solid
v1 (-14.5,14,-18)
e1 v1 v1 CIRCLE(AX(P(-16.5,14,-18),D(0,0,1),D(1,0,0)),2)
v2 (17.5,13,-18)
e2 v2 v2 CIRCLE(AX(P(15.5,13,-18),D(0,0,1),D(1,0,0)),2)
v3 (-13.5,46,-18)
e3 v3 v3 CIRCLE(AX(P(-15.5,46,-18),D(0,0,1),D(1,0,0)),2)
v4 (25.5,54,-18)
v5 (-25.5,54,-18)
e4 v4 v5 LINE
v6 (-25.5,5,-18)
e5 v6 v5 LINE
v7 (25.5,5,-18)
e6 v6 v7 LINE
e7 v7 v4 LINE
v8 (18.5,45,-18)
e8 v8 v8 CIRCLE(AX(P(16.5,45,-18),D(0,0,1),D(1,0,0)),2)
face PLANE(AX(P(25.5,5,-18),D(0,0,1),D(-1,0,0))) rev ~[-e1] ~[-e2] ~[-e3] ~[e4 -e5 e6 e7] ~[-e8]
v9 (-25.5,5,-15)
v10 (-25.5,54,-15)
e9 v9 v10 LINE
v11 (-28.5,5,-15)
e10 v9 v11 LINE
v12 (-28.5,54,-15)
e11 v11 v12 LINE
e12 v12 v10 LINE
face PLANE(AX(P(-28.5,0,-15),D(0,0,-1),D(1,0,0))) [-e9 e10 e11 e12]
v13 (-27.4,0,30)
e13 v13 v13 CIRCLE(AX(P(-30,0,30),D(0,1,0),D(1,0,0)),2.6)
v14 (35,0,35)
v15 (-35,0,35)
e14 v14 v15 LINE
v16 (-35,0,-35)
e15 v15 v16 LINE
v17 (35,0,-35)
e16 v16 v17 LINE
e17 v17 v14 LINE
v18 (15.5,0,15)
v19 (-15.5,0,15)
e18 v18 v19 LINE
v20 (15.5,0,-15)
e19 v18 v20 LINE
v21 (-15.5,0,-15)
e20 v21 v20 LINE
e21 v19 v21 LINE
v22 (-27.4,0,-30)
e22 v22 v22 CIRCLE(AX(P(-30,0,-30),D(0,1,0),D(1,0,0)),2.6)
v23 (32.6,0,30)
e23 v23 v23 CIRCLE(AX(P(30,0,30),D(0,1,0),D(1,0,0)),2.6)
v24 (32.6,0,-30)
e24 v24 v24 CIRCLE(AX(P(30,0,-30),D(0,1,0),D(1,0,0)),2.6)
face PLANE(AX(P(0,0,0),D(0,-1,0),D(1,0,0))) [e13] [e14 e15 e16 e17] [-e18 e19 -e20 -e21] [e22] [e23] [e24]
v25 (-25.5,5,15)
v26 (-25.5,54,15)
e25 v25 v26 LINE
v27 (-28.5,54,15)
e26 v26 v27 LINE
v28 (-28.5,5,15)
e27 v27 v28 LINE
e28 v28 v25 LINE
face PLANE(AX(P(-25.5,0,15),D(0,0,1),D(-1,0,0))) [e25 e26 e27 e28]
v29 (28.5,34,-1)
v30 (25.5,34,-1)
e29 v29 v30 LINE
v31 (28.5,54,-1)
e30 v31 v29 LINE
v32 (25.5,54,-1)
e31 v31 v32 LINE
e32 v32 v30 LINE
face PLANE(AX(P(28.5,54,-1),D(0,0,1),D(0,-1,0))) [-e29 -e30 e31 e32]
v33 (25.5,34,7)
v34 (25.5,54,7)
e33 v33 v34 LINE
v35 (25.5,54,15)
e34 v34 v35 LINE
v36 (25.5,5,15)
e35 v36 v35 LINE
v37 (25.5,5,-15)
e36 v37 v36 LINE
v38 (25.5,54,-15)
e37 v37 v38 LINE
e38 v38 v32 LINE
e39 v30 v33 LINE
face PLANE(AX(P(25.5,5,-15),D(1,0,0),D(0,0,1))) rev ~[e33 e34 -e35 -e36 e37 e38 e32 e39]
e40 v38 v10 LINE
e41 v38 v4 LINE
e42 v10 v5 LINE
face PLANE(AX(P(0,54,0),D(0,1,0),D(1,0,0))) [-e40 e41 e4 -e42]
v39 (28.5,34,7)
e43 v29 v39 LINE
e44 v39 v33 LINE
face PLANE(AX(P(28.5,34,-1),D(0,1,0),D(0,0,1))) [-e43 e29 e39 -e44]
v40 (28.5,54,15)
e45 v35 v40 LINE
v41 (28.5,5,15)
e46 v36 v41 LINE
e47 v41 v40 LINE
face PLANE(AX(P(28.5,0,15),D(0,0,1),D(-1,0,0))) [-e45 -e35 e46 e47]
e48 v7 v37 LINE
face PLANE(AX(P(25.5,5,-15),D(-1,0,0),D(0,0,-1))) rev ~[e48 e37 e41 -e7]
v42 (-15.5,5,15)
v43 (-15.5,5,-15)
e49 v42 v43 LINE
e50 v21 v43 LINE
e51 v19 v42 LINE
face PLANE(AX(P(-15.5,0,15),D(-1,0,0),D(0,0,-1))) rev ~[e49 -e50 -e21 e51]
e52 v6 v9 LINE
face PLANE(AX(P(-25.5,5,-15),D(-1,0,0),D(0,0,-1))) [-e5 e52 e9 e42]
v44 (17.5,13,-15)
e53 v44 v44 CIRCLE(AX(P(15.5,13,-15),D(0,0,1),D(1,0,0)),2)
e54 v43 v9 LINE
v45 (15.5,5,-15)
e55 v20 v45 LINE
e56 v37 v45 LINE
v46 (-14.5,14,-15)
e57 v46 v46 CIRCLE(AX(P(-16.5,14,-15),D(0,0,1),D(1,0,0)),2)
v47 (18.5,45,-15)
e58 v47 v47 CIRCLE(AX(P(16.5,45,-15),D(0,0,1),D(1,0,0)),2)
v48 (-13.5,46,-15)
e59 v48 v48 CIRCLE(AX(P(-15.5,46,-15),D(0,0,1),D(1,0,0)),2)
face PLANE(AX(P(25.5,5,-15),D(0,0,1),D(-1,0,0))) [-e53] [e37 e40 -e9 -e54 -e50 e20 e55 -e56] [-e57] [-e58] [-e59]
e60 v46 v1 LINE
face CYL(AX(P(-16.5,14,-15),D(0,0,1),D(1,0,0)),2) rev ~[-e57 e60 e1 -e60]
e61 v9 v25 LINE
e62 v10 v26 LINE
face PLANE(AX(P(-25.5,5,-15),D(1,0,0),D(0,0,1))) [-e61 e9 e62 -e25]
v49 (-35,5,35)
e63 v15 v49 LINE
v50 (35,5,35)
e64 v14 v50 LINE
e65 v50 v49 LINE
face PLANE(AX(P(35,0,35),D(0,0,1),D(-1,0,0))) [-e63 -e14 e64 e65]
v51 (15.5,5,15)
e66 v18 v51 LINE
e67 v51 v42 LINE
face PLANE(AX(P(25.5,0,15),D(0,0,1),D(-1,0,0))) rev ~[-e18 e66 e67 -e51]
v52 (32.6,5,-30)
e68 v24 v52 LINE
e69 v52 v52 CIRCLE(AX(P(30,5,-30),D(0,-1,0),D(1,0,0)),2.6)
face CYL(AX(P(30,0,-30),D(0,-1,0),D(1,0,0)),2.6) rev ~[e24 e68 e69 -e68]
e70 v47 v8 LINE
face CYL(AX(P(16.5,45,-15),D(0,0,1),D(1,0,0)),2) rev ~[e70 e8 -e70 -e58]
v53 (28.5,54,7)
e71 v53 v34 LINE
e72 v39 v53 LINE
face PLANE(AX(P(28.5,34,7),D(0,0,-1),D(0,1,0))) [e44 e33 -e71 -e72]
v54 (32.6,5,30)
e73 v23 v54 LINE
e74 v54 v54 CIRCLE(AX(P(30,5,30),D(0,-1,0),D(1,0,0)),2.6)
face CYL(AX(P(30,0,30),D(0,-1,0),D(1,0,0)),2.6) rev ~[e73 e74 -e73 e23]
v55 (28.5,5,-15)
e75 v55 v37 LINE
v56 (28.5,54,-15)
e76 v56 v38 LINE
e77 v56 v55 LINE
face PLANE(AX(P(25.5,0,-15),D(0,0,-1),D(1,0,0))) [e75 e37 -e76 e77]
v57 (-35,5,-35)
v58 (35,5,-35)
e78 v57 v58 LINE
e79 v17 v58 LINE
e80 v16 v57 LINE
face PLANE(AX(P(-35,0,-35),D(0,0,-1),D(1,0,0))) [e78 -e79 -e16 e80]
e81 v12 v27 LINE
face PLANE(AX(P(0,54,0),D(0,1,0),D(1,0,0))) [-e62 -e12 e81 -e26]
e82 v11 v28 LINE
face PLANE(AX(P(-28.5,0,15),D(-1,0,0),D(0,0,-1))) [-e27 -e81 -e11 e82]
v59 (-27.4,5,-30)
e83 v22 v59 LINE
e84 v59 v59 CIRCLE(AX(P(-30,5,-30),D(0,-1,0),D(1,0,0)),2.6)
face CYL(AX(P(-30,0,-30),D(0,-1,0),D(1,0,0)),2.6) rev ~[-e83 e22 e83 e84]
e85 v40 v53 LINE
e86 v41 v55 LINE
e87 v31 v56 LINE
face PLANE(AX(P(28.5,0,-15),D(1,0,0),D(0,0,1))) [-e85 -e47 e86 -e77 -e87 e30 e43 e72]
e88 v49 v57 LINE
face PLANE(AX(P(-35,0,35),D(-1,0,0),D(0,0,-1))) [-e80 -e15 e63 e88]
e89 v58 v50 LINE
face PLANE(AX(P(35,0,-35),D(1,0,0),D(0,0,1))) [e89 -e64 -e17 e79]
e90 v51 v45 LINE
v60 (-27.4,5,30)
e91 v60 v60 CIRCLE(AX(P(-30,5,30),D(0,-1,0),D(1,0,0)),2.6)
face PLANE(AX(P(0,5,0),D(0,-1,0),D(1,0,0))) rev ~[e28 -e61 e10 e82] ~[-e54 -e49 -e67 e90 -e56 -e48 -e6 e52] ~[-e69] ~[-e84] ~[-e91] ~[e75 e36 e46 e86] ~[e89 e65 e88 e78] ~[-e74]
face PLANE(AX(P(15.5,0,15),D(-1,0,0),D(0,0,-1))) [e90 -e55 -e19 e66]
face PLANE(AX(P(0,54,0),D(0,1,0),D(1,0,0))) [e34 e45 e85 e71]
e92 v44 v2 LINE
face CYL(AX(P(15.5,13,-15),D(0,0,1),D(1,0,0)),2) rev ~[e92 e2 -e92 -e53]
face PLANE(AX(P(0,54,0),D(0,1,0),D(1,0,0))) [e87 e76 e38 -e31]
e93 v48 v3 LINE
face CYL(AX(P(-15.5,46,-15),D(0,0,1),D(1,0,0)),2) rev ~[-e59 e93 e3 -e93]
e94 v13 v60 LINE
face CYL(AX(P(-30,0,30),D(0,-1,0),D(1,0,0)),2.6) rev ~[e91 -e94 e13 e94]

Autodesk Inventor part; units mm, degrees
ref_plane "YZ Plane" through (0, 0, 0) normal (1, 0, 0) x (0, 1, 0)
ref_plane "XZ Plane" through (0, 0, 0) normal (0, 1, 0) x (-1, 0, 0)
ref_plane "XY Plane" through (0, 0, 0) normal (0, 0, 1) x (1, 0, 0)
sketch "Boceto1" plane through (0, 0, 0) normal (0, 1, 0) x (-1, 0, 0)
  line L0 (25.5, 15) -> (-25.5, 15)
  line L1 (-25.5, 15) -> (-25.5, -15)
  line L2 (-25.5, -15) -> (25.5, -15)
  line L3 (25.5, -15) -> (25.5, 15)
  line L4 (25.5, 15) -> (-25.5, -15) construction
  line L5 (-25.5, 15) -> (25.5, -15) construction
  line L6 (-15.5, 15) -> (-15.5, -15)
  line L7 (0, 15) -> (0, 11.847)
  line L8 (-25.5, 0) -> (-22.3332, 0)
  line L9 (25.5, 15) -> (25.5, -15)
  line L10 (15.5, 15) -> (15.5, -15)
  line L11 (25.5, 0) -> (22.3332, 0)
  line L12 (-25.5, -15) -> (-25.5, 15)
  line L13 (-25.5, 0) -> (-22.3332, 0)
  line L14 (-25.5, 15) -> (-25.5, -15)
  point P0 (0, 0)
  point P1 (31.5, 22.5)
  dimension "d2" = 10
  dimension "d21" = 51
  dimension "d22" = 30
extrude "Extrusión1" add sketch "Boceto1" along normal blind 5 contours L3 L2 L10 L0 | L6 L2 L1 L0
sketch "Boceto4" plane through (0, 0, 0) normal (0, 1, 0) x (-1, 0, 0)
  line L0 (-28.5, 18) -> (28.5, 18)
  line L1 (28.5, 18) -> (28.5, -18)
  line L2 (28.5, -18) -> (-28.5, -18)
  line L3 (-28.5, -18) -> (-28.5, 18)
  line L4 (-28.5, 18) -> (28.5, -18) construction
  line L5 (28.5, 18) -> (-28.5, -18) construction
  line L6 (28.5, -15) -> (-28.5, -15)
  line L7 (-28.5, 15) -> (28.5, 15)
  line L8 (25.5, -18) -> (25.5, 18)
  line L9 (-25.5, 18) -> (-25.5, -18)
  line L10 (-25.5, -15) -> (-15.5, -15) projected
  point P0 (0, 0)
  point P1 (-25.5, -15)
  point P2 (-25.5, 15)
  point P3 (25.5, 15)
  point P4 (25.5, -15)
  dimension "d23" = 57
  dimension "d24" = 36
  dimension "d27" = 0
extrude "Extrusión4" add sketch "Boceto4" along normal blind 5 contours L0 L8 L7 L9 | L7 L9 L6 L3 | L7 L1 L6 L8 | L6 L8 L2 L9
sketch "Boceto5" plane through (0, 5, 0) normal (0, 1, 0) x (1, 0, 0)
  line L0 (25.5, 18) -> (-25.5, 18) projected
  line L1 (25.5, 15) -> (25.5, 18) projected
  line L2 (-25.5, 18) -> (25.5, 18)
  line L3 (25.5, 18) -> (25.5, 15)
  line L4 (25.5, 15) -> (-25.5, 15)
  line L5 (-25.5, 15) -> (-25.5, 18)
  point P0 (0, 0)
extrude "Extrusión5" add sketch "Boceto5" along normal blind 49
sketch "Boceto6" plane through (-15.5, 0, -15) normal (0, 0, 1) x (1, 0, 0)
  circle A0 centre (32, 45) radius 2
  line L0 (41, 5) -> (41, 54) projected
  line L1 (-10, 54) -> (41, 54) projected
  line L2 (-10, 5) -> (-10, 54) projected
  line L3 (-10, 29.5) -> (15.5, 29.5)
  line L4 (15.5, 29.5) -> (15.5, 54)
  circle A1 centre (0, 46) radius 2
  circle A2 centre (-1, 14) radius 2
  circle A3 centre (31, 13) radius 2
  point P0 (15.5, 0)
  dimension "d30" = 4
  dimension "d31" = 9
  dimension "d32" = 9
  dimension "d35" = 360
extrude "Extrusión6" cut sketch "Boceto6" against normal blind 49 contours A0 | A1 | A2 | A3
sketch "Boceto7" plane through (0, 5, 0) normal (0, 1, 0) x (1, 0, 0)
  line L0 (-28.5, 15) -> (-28.5, -15) projected
  line L1 (-28.5, 15) -> (-25.5, 15)
  line L2 (-25.5, 15) -> (-25.5, -15)
  line L3 (-25.5, -15) -> (-28.5, -15)
  line L4 (-28.5, -15) -> (-28.5, 15)
  line L5 (28.5, 15) -> (25.5, 15) projected
  line L6 (25.5, -15) -> (28.5, -15) projected
  line L7 (28.5, 15) -> (25.5, 15)
  line L8 (25.5, 15) -> (25.5, -15)
  line L9 (25.5, -15) -> (28.5, -15)
  line L10 (28.5, -15) -> (28.5, 15)
  point P0 (0, 0)
  point P1 (25.5, -18)
extrude "Extrusión7" add sketch "Boceto7" along normal blind 49
sketch "Boceto12" plane through (0, 0, 0) normal (0, -1, 0) x (1, 0, 0)
  line L0 (-35, -35) -> (35, -35)
  line L1 (35, -35) -> (35, 35)
  line L2 (35, 35) -> (-35, 35)
  line L3 (-35, 35) -> (-35, -35)
  line L4 (-35, -35) -> (35, 35) construction
  line L5 (35, -35) -> (-35, 35) construction
  line L6 (30, 30) -> (-30, 30)
  line L7 (-30, 30) -> (-30, -30)
  line L8 (-30, -30) -> (30, -30)
  line L9 (30, -30) -> (30, 30)
  line L10 (30, 30) -> (-30, -30) construction
  line L11 (-30, 30) -> (30, -30) construction
  circle A0 centre (-30, 30) radius 2.6
  circle A1 centre (30, 30) radius 2.6
  circle A2 centre (30, -30) radius 2.6
  circle A3 centre (-30, -30) radius 2.6
  line L12 (15.5, -15) -> (15.5, 15) projected
  line L13 (-15.5, -15) -> (15.5, -15)
  line L14 (15.5, -15) -> (15.5, 15)
  line L15 (15.5, 15) -> (-15.5, 15)
  line L16 (-15.5, 15) -> (-15.5, -15)
  line L17 (-15.5, -15) -> (15.5, 15) construction
  line L18 (15.5, -15) -> (-15.5, 15) construction
  point P0 (0, 0)
  point P1 (0, 0)
  dimension "d63" = 70
  dimension "d64" = 70
  dimension "d65" = 60
  dimension "d66" = 5.2
  dimension "d67" = 5.2
  dimension "d68" = 5.2
  dimension "d69" = 5.2
extrude "Extrusión10" add sketch "Boceto12" against normal blind 5 contours L3 L2 L1 L0 | L6 A1 L9 A2 L8 A3 L7 A0
sketch "Boceto13" plane through (28.5, 5, 15) normal (1, 0, 0) x (0, 0, -1)
  line L0 (0, 49) -> (30, 49) projected
  line L1 (8, 49) -> (16, 49)
  line L2 (16, 49) -> (16, 29)
  line L3 (16, 29) -> (8, 29)
  line L4 (8, 29) -> (8, 49)
  line L5 (0, 0) -> (0, 49) projected
  point P0 (15, -5)
  dimension "d72" = 8
  dimension "d73" = 20
  dimension "d74" = 8
extrude "Extrusión11" cut sketch "Boceto13" against normal blind 10
properties part number "short-depth"
